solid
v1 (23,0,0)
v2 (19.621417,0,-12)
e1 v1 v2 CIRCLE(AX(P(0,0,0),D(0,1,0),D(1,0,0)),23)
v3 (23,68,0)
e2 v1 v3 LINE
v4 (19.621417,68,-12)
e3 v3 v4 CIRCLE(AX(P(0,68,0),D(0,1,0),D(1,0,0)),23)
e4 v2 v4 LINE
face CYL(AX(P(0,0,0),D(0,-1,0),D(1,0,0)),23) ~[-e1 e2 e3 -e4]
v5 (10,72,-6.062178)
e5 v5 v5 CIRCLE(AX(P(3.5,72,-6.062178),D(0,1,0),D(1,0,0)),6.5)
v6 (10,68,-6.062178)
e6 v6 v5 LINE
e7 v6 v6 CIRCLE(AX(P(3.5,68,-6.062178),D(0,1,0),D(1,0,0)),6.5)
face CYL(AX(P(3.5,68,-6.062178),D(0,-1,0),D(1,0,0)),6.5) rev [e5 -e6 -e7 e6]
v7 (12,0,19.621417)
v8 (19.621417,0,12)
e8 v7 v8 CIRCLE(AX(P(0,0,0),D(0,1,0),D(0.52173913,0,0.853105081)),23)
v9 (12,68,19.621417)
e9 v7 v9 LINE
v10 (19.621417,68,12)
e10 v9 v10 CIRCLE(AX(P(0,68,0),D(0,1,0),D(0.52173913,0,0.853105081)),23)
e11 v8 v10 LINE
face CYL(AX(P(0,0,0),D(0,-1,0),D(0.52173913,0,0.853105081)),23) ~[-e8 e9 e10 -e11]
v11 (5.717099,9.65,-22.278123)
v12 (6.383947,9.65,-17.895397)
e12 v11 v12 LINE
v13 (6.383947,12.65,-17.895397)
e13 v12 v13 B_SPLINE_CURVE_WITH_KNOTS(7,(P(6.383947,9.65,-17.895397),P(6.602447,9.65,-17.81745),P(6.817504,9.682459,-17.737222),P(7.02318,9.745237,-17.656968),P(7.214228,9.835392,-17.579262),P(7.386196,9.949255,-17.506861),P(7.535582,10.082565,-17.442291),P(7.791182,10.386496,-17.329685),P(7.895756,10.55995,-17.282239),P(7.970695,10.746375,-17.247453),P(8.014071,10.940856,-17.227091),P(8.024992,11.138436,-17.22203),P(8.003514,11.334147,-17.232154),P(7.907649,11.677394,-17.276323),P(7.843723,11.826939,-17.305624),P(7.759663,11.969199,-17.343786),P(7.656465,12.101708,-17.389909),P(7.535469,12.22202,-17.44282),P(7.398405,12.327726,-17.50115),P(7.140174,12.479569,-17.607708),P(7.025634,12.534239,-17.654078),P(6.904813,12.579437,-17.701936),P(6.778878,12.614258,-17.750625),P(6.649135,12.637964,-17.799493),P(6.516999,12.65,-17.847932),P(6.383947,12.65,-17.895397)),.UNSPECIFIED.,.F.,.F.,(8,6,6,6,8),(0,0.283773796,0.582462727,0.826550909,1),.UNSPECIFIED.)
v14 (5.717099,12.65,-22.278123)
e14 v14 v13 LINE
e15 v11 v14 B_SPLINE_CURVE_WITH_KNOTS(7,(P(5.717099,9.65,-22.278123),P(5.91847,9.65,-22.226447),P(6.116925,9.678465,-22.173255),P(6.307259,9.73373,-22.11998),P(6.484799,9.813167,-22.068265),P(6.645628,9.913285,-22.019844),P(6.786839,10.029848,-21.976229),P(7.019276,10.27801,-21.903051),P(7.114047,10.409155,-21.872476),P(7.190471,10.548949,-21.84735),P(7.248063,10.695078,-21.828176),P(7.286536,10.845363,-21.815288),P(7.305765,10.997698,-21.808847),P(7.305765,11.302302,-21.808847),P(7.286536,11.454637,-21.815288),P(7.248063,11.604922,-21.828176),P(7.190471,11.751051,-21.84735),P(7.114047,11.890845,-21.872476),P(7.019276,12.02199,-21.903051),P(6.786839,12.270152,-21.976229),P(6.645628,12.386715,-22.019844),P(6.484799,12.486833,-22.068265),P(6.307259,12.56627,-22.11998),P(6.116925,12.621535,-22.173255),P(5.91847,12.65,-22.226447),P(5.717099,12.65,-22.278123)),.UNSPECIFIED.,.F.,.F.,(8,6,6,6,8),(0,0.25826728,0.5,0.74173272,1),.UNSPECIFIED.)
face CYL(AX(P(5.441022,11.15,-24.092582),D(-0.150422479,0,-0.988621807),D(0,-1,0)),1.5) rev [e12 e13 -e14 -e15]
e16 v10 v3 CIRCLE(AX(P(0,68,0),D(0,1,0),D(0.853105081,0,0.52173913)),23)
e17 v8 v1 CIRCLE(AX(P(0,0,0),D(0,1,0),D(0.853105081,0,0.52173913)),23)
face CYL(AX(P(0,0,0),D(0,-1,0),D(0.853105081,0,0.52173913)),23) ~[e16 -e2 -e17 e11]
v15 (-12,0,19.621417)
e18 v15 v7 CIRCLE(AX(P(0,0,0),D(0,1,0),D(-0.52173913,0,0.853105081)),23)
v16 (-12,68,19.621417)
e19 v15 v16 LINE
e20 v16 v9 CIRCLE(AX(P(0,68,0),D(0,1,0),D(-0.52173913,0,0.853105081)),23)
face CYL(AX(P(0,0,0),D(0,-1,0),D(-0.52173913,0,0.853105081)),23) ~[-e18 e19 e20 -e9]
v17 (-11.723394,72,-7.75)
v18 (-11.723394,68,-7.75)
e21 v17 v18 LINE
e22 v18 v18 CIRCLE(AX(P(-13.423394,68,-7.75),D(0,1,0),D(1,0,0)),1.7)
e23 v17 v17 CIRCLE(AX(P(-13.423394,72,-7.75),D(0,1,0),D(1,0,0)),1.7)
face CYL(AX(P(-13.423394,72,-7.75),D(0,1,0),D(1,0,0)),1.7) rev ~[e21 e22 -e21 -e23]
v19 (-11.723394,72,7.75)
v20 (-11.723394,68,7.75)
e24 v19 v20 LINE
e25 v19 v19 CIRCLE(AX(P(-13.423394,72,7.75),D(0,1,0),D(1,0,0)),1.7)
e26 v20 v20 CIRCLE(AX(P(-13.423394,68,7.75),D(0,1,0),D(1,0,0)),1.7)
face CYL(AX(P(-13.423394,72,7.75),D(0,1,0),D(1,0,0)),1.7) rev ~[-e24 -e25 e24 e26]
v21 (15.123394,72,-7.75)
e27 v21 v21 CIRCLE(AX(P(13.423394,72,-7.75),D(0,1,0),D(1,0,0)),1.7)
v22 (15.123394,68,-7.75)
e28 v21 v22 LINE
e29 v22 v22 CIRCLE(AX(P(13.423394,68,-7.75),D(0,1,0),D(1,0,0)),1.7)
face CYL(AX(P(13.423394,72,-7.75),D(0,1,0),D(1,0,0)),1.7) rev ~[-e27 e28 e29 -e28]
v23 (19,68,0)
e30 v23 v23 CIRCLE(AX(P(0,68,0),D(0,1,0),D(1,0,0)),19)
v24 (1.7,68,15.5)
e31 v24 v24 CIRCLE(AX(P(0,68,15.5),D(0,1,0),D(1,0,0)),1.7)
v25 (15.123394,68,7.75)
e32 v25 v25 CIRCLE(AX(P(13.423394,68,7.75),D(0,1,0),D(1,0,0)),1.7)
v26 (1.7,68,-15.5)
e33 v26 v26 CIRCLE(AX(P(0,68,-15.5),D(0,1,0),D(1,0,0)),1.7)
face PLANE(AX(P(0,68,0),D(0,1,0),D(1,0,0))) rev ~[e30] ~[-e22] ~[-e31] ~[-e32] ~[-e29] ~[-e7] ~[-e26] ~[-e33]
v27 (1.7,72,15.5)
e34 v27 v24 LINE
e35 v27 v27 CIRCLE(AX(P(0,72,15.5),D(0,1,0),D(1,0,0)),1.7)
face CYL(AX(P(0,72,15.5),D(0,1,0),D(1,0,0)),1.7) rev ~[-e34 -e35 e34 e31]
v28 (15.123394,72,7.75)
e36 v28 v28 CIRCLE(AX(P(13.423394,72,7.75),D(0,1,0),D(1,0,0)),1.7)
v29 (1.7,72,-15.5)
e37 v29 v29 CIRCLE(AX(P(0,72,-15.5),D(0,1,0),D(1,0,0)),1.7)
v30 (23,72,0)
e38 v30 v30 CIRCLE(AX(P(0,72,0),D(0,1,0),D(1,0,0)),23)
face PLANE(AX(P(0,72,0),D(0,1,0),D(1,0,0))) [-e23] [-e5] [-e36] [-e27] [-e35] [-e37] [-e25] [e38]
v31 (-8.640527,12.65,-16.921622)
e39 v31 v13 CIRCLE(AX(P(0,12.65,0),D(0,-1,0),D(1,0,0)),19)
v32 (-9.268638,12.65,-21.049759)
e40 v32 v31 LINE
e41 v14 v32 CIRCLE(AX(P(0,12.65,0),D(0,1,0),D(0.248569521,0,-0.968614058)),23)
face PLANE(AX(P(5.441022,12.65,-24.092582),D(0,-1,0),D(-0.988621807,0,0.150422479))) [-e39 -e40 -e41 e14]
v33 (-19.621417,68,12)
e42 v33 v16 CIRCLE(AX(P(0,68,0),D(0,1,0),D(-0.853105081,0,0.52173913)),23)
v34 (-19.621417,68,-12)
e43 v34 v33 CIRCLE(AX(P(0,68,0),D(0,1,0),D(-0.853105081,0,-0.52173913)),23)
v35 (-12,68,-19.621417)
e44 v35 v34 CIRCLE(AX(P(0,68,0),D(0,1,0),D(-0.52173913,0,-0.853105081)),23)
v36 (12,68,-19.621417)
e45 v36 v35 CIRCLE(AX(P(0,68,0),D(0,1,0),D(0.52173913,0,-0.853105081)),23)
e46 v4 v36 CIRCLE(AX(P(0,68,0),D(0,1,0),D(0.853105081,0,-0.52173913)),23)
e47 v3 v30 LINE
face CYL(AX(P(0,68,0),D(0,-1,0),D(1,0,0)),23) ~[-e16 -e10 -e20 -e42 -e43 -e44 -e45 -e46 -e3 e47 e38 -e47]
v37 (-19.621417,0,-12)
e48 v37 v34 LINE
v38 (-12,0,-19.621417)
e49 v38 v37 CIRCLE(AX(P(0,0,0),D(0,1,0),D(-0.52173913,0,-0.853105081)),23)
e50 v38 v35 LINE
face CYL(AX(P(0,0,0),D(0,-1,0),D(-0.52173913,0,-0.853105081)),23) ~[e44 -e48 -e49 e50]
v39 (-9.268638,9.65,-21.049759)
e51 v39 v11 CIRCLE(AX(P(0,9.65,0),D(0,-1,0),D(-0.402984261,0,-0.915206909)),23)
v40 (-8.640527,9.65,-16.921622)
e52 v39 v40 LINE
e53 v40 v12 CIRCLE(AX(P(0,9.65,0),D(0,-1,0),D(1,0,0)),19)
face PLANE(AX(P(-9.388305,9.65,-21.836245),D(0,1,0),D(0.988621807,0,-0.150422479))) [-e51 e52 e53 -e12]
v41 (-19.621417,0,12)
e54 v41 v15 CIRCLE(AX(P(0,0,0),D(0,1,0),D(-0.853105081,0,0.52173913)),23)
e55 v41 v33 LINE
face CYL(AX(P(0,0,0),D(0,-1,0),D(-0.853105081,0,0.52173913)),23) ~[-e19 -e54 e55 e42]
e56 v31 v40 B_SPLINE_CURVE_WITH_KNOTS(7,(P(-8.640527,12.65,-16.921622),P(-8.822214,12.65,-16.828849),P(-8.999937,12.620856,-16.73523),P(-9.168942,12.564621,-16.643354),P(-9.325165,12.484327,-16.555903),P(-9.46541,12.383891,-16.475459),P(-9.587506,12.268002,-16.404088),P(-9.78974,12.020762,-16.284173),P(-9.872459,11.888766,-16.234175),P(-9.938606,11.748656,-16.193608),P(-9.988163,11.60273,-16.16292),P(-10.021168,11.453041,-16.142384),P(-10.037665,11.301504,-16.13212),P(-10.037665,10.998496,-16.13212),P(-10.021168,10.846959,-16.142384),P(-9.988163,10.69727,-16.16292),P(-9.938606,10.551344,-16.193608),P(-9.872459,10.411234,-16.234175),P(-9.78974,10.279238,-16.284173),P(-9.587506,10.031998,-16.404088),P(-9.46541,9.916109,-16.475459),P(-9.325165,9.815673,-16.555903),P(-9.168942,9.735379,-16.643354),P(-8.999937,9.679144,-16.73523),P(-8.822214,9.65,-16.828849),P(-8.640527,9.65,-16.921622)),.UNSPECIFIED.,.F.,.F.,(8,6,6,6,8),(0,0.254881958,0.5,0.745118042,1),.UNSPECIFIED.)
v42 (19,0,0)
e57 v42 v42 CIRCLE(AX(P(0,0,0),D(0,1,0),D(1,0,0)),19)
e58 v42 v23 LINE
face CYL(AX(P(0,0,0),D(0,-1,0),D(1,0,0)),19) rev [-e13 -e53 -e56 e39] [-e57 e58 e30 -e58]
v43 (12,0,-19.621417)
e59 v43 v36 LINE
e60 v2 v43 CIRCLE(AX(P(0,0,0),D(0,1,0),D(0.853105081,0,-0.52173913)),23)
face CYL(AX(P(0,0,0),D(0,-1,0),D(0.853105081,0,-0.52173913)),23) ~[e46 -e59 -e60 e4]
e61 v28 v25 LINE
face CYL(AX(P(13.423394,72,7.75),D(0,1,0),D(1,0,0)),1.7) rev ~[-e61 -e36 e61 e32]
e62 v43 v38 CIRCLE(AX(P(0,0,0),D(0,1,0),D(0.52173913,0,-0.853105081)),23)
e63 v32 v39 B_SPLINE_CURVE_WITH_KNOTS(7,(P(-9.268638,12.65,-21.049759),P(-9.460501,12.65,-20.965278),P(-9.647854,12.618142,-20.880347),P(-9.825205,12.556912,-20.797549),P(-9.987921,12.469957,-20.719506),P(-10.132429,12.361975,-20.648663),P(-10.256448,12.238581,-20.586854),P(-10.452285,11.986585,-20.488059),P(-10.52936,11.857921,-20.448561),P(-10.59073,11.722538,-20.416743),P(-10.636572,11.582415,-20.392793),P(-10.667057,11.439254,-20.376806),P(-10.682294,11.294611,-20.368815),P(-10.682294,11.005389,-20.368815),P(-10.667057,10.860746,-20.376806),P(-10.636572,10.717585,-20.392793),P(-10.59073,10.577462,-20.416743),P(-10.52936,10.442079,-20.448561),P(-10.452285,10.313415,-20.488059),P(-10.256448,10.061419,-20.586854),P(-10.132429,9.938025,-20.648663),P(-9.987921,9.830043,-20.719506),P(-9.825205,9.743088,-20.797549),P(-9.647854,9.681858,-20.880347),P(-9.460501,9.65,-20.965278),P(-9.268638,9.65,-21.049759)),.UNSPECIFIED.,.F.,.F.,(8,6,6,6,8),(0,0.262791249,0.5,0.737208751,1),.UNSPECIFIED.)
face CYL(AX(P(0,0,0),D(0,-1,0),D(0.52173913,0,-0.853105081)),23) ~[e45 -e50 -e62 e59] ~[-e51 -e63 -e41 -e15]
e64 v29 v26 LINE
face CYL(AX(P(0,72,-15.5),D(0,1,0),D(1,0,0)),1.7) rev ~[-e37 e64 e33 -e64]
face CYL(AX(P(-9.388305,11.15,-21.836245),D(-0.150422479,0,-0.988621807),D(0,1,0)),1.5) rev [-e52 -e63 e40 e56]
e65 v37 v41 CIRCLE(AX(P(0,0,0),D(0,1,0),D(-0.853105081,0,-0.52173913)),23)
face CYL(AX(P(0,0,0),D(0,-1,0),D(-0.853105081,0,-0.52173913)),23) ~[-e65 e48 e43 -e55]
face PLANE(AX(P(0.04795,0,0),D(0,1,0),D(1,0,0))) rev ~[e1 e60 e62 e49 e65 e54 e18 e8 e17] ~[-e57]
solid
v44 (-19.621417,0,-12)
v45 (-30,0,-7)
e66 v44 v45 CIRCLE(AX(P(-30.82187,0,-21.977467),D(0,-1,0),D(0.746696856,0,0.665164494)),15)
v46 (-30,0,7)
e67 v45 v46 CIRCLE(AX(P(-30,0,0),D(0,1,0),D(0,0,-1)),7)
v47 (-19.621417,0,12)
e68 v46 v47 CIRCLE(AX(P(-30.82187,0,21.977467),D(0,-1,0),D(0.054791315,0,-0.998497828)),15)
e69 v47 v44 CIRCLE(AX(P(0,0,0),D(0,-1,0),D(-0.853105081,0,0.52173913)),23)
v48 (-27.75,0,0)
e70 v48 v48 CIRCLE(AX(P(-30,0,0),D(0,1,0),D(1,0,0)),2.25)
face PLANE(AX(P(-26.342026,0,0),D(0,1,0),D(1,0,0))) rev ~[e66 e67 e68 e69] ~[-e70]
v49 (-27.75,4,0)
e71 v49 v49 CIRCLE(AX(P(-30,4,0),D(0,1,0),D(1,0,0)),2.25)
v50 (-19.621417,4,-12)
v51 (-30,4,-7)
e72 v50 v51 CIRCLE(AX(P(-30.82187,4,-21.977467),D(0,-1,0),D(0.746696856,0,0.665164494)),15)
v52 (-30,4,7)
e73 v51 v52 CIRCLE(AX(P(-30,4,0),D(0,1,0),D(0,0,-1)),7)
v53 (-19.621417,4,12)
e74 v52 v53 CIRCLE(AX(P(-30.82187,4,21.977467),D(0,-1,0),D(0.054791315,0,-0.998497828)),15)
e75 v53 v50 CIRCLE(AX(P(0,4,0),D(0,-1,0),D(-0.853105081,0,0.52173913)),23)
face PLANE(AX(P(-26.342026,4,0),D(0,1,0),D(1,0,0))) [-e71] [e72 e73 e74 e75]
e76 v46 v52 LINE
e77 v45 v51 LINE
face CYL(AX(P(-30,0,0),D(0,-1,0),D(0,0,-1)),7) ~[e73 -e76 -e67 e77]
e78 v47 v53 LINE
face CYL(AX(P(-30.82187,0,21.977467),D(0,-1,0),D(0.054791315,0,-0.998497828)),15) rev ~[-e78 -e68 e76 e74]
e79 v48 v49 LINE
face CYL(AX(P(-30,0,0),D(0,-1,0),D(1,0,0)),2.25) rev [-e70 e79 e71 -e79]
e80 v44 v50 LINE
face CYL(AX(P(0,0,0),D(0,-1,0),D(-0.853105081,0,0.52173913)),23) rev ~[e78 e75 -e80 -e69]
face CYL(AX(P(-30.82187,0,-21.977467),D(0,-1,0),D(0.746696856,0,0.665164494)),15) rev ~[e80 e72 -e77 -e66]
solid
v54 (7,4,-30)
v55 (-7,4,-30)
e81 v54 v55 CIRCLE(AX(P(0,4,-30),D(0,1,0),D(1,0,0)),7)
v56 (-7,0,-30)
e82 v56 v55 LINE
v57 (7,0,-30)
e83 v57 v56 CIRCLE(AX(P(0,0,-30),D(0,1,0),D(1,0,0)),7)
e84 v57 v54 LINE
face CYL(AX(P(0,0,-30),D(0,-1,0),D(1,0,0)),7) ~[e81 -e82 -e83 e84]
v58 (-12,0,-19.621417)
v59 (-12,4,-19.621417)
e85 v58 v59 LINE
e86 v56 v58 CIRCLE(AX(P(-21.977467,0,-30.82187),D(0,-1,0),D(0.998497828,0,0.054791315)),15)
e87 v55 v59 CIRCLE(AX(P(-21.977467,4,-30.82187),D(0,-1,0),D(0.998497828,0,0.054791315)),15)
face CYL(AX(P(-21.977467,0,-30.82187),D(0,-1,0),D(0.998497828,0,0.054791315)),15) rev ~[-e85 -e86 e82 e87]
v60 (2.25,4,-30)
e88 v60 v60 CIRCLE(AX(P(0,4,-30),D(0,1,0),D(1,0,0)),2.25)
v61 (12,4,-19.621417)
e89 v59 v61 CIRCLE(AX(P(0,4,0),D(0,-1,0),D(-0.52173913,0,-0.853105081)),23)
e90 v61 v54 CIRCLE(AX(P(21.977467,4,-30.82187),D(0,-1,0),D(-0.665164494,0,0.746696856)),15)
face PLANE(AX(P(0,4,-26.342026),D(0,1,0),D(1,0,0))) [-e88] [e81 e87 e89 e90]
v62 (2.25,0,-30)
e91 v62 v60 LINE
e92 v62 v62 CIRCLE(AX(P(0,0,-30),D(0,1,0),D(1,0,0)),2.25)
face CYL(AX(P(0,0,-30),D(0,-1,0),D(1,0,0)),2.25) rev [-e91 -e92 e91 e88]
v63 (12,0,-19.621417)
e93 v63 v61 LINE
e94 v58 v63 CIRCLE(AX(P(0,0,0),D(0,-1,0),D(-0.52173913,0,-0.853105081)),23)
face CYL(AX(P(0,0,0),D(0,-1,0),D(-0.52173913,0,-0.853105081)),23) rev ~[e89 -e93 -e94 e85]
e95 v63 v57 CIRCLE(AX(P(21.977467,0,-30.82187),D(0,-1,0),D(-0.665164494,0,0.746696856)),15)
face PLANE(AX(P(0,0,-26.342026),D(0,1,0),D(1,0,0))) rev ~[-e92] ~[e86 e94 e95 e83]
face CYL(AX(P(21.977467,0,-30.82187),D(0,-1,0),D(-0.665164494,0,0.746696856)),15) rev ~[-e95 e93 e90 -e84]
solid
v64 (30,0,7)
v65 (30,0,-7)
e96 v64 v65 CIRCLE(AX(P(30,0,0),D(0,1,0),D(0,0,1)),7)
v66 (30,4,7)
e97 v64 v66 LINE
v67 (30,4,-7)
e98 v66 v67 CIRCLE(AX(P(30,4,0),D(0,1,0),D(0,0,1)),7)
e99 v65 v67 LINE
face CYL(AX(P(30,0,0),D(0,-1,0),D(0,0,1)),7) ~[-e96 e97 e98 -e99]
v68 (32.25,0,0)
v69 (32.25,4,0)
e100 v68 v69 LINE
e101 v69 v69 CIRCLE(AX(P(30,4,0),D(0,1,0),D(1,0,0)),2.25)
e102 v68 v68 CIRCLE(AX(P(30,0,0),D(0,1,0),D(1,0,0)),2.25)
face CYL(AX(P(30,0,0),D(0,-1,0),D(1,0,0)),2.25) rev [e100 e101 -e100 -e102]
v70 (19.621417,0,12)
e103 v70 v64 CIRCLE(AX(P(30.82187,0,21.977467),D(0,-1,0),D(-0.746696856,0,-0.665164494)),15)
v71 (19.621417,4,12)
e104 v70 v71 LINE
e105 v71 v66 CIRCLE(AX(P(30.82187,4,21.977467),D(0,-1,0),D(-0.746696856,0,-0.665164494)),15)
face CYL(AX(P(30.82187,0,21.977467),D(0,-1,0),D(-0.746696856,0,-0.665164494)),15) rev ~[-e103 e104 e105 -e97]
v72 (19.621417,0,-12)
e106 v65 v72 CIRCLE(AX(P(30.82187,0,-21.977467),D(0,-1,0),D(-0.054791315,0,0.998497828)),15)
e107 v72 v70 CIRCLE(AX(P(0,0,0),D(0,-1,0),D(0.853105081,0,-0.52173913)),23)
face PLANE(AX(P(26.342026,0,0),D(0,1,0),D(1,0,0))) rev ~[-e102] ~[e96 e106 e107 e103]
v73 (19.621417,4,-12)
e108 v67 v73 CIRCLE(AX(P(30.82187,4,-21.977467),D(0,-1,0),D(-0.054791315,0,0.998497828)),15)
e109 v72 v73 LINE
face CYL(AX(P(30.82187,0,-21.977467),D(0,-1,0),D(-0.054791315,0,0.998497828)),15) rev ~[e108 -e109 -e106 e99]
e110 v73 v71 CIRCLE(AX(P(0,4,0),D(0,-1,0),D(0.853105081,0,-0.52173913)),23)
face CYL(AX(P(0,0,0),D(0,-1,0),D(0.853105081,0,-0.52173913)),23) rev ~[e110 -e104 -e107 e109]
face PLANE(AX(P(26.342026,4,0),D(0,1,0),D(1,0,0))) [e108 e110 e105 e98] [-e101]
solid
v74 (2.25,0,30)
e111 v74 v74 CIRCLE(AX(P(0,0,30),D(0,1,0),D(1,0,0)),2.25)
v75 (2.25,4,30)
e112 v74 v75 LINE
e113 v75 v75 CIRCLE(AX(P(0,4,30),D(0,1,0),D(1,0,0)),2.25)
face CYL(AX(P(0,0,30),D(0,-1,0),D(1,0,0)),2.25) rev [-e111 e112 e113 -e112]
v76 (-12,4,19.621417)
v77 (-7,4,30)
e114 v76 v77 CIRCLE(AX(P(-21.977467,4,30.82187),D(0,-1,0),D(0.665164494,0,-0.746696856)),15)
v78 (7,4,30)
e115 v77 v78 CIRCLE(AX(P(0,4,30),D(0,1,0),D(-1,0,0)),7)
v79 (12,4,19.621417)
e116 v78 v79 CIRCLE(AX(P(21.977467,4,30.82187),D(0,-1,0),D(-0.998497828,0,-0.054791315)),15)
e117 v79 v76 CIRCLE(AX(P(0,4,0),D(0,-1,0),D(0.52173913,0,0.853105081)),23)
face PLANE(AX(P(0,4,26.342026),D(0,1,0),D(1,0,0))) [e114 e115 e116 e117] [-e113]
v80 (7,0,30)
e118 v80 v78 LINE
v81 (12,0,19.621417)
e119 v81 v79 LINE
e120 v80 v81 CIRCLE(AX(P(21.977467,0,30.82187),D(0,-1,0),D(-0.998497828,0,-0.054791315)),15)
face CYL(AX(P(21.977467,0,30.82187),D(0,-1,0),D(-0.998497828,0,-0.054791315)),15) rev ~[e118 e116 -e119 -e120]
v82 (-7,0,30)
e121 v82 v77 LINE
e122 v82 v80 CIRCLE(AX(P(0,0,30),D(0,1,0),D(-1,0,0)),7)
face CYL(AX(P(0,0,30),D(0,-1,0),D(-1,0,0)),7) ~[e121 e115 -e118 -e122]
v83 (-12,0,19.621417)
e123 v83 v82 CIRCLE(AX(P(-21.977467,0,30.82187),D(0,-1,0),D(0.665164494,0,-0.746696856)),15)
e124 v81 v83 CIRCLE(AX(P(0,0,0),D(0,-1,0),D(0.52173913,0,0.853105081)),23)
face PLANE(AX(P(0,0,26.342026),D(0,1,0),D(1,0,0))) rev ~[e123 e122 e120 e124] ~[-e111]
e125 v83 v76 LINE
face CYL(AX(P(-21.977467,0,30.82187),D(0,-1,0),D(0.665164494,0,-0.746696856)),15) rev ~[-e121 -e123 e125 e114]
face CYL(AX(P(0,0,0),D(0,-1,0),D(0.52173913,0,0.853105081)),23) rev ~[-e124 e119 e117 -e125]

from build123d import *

# Parameters (mm, degrees)
SKETCH2_R                  = 2.25
BOSS_EXTRUDE_FLANG_DEPTH   = 4
BOSS_EXTRUDE_FLANG_2_DEPTH = 4
BOSS_EXTRUDE_FLANG_3_DEPTH = 4
BOSS_EXTRUDE_FLANG_4_DEPTH = 4
SKETCH2_3_R                = 19
BOSS_EXTRUDE_WALL_DEPTH    = 68
SKETCH5_R                  = 23
SKETCH5_R_2                = 6.5
BOSS_EXTRUDE4_DEPTH        = 4
SKETCH6_R                  = 1.7
CUT_EXTRUDE2_DEPTH         = 90.0056178
CUT_EXTRUDE4_DEPTH         = 8


with BuildPart() as part:
    # Sketch2 → Boss-Extrude_flang (new body)
    with BuildSketch(Plane(origin=(0, 0, 0), x_dir=(1, 0, 0), z_dir=(0, 1, 0))):
        with BuildLine():
            ThreePointArc((19.62141687, 12), (23, 0), (19.62141687, -12))
            ThreePointArc((19.62141687, -12), (24.31156558, -8.463920877), (30, -7))
            ThreePointArc((30, -7), (37, 0), (30, 7))
            ThreePointArc((30, 7), (24.31156558, 8.463920877), (19.62141687, 12))
        make_face()
        with Locations((30, 0)):
            Circle(SKETCH2_R, mode=Mode.SUBTRACT)
    extrude(amount=BOSS_EXTRUDE_FLANG_DEPTH)


with BuildPart() as body_2:
    # Sketch2 → Boss-Extrude_flang 2 (new body)
    with BuildSketch(Plane(origin=(0, 0, 0), x_dir=(1, 0, 0), z_dir=(0, 1, 0))):
        with BuildLine():
            ThreePointArc((-12, 19.62141687), (0, 23), (12, 19.62141687))
            ThreePointArc((12, 19.62141687), (8.463920877, 24.31156558), (7, 30))
            ThreePointArc((7, 30), (0, 37), (-7, 30))
            ThreePointArc((-7, 30), (-8.463920877, 24.31156558), (-12, 19.62141687))
        make_face()
        with Locations((0, 30)):
            Circle(SKETCH2_R, mode=Mode.SUBTRACT)
    extrude(amount=BOSS_EXTRUDE_FLANG_2_DEPTH)


with BuildPart() as body_3:
    # Sketch2 → Boss-Extrude_flang 3 (new body)
    with BuildSketch(Plane(origin=(0, 0, 0), x_dir=(1, 0, 0), z_dir=(0, 1, 0))):
        with BuildLine():
            ThreePointArc((7, -30), (8.463920877, -24.31156558), (12, -19.62141687))
            ThreePointArc((12, -19.62141687), (0, -23), (-12, -19.62141687))
            ThreePointArc((-12, -19.62141687), (-8.463920877, -24.31156558), (-7, -30))
            ThreePointArc((-7, -30), (0, -37), (7, -30))
        make_face()
        with Locations((0, -30)):
            Circle(SKETCH2_R, mode=Mode.SUBTRACT)
    extrude(amount=BOSS_EXTRUDE_FLANG_3_DEPTH)


with BuildPart() as body_4:
    # Sketch2 → Boss-Extrude_flang 4 (new body)
    with BuildSketch(Plane(origin=(0, 0, 0), x_dir=(1, 0, 0), z_dir=(0, 1, 0))):
        with BuildLine():
            ThreePointArc((-19.62141687, -12), (-23, 0), (-19.62141687, 12))
            ThreePointArc((-19.62141687, 12), (-24.31156558, 8.463920877), (-30, 7))
            ThreePointArc((-30, 7), (-37, 0), (-30, -7))
            ThreePointArc((-30, -7), (-24.31156558, -8.463920877), (-19.62141687, -12))
        make_face()
        with Locations((-30, 0)):
            Circle(SKETCH2_R, mode=Mode.SUBTRACT)
    extrude(amount=BOSS_EXTRUDE_FLANG_4_DEPTH)


with BuildPart() as body_5:
    # Sketch2<3> → Boss-Extrude_wall (new body)
    with BuildSketch(Plane(origin=(0, 0, 0), x_dir=(1, 0, 0), z_dir=(0, 1, 0))):
        with BuildLine():
            ThreePointArc((19.62141687, -12), (22.139247819, -6.233274099), (23, 0))
            ThreePointArc((23, 0), (22.139247819, 6.233274099), (19.62141687, 12))
            ThreePointArc((19.62141687, 12), (16.263455967, 16.263455967), (12, 19.62141687))
            ThreePointArc((12, 19.62141687), (0, 23), (-12, 19.62141687))
            ThreePointArc((-12, 19.62141687), (-16.263455967, 16.263455967), (-19.62141687, 12))
            ThreePointArc((-19.62141687, 12), (-23, 0), (-19.62141687, -12))
            ThreePointArc((-19.62141687, -12), (-16.263455967, -16.263455967), (-12, -19.62141687))
            ThreePointArc((-12, -19.62141687), (0, -23), (12, -19.62141687))
            ThreePointArc((12, -19.62141687), (16.263455967, -16.263455967), (19.62141687, -12))
        make_face()
        Circle(SKETCH2_3_R, mode=Mode.SUBTRACT)
    extrude(amount=BOSS_EXTRUDE_WALL_DEPTH)

    # Sketch5 → Boss-Extrude4 (add)
    with BuildSketch(Plane(origin=(0, 68, 0), x_dir=(1, 0, 0), z_dir=(0, 1, 0))):
        Circle(SKETCH5_R)
        with Locations((3.5, 6.062177826)):
            Circle(SKETCH5_R_2, mode=Mode.SUBTRACT)
    extrude(amount=BOSS_EXTRUDE4_DEPTH)

    # Sketch6 → Cut-Extrude2 (cut, through all)
    with BuildSketch(Plane(origin=(0, 72, 0), x_dir=(1, 0, 0), z_dir=(0, 1, 0))):
        with Locations((0, 15.5)):
            Circle(SKETCH6_R)
        with Locations((13.423393759, 7.75)):
            Circle(SKETCH6_R)
        with Locations((13.423393759, -7.75)):
            Circle(SKETCH6_R)
        with Locations((0, -15.5)):
            Circle(SKETCH6_R)
        with Locations((-13.423393759, -7.75)):
            Circle(SKETCH6_R)
        with Locations((-13.423393759, 7.75)):
            Circle(SKETCH6_R)
    extrude(amount=-CUT_EXTRUDE2_DEPTH, mode=Mode.SUBTRACT)

    # Sketch8 → Cut-Extrude4 (cut)
    with BuildSketch(Plane(origin=(-3.459717013, 0, -22.738301568), x_dir=(-0.988621807299977, 0, 0.15042247880861212), z_dir=(-0.15042247880861212, 0, -0.988621807299977))):
        with BuildLine():
            Line((5.996820741, 9.65), (-9.003179259, 9.65))
            ThreePointArc((-9.003179259, 9.65), (-10.503179259, 11.15), (-9.003179259, 12.65))
            Line((-9.003179259, 12.65), (5.996820741, 12.65))
            ThreePointArc((5.996820741, 12.65), (7.496820741, 11.15), (5.996820741, 9.65))
        make_face()
    extrude(amount=-CUT_EXTRUDE4_DEPTH, mode=Mode.SUBTRACT)


solid = Compound([part.part, body_2.part, body_3.part, body_4.part, body_5.part])
